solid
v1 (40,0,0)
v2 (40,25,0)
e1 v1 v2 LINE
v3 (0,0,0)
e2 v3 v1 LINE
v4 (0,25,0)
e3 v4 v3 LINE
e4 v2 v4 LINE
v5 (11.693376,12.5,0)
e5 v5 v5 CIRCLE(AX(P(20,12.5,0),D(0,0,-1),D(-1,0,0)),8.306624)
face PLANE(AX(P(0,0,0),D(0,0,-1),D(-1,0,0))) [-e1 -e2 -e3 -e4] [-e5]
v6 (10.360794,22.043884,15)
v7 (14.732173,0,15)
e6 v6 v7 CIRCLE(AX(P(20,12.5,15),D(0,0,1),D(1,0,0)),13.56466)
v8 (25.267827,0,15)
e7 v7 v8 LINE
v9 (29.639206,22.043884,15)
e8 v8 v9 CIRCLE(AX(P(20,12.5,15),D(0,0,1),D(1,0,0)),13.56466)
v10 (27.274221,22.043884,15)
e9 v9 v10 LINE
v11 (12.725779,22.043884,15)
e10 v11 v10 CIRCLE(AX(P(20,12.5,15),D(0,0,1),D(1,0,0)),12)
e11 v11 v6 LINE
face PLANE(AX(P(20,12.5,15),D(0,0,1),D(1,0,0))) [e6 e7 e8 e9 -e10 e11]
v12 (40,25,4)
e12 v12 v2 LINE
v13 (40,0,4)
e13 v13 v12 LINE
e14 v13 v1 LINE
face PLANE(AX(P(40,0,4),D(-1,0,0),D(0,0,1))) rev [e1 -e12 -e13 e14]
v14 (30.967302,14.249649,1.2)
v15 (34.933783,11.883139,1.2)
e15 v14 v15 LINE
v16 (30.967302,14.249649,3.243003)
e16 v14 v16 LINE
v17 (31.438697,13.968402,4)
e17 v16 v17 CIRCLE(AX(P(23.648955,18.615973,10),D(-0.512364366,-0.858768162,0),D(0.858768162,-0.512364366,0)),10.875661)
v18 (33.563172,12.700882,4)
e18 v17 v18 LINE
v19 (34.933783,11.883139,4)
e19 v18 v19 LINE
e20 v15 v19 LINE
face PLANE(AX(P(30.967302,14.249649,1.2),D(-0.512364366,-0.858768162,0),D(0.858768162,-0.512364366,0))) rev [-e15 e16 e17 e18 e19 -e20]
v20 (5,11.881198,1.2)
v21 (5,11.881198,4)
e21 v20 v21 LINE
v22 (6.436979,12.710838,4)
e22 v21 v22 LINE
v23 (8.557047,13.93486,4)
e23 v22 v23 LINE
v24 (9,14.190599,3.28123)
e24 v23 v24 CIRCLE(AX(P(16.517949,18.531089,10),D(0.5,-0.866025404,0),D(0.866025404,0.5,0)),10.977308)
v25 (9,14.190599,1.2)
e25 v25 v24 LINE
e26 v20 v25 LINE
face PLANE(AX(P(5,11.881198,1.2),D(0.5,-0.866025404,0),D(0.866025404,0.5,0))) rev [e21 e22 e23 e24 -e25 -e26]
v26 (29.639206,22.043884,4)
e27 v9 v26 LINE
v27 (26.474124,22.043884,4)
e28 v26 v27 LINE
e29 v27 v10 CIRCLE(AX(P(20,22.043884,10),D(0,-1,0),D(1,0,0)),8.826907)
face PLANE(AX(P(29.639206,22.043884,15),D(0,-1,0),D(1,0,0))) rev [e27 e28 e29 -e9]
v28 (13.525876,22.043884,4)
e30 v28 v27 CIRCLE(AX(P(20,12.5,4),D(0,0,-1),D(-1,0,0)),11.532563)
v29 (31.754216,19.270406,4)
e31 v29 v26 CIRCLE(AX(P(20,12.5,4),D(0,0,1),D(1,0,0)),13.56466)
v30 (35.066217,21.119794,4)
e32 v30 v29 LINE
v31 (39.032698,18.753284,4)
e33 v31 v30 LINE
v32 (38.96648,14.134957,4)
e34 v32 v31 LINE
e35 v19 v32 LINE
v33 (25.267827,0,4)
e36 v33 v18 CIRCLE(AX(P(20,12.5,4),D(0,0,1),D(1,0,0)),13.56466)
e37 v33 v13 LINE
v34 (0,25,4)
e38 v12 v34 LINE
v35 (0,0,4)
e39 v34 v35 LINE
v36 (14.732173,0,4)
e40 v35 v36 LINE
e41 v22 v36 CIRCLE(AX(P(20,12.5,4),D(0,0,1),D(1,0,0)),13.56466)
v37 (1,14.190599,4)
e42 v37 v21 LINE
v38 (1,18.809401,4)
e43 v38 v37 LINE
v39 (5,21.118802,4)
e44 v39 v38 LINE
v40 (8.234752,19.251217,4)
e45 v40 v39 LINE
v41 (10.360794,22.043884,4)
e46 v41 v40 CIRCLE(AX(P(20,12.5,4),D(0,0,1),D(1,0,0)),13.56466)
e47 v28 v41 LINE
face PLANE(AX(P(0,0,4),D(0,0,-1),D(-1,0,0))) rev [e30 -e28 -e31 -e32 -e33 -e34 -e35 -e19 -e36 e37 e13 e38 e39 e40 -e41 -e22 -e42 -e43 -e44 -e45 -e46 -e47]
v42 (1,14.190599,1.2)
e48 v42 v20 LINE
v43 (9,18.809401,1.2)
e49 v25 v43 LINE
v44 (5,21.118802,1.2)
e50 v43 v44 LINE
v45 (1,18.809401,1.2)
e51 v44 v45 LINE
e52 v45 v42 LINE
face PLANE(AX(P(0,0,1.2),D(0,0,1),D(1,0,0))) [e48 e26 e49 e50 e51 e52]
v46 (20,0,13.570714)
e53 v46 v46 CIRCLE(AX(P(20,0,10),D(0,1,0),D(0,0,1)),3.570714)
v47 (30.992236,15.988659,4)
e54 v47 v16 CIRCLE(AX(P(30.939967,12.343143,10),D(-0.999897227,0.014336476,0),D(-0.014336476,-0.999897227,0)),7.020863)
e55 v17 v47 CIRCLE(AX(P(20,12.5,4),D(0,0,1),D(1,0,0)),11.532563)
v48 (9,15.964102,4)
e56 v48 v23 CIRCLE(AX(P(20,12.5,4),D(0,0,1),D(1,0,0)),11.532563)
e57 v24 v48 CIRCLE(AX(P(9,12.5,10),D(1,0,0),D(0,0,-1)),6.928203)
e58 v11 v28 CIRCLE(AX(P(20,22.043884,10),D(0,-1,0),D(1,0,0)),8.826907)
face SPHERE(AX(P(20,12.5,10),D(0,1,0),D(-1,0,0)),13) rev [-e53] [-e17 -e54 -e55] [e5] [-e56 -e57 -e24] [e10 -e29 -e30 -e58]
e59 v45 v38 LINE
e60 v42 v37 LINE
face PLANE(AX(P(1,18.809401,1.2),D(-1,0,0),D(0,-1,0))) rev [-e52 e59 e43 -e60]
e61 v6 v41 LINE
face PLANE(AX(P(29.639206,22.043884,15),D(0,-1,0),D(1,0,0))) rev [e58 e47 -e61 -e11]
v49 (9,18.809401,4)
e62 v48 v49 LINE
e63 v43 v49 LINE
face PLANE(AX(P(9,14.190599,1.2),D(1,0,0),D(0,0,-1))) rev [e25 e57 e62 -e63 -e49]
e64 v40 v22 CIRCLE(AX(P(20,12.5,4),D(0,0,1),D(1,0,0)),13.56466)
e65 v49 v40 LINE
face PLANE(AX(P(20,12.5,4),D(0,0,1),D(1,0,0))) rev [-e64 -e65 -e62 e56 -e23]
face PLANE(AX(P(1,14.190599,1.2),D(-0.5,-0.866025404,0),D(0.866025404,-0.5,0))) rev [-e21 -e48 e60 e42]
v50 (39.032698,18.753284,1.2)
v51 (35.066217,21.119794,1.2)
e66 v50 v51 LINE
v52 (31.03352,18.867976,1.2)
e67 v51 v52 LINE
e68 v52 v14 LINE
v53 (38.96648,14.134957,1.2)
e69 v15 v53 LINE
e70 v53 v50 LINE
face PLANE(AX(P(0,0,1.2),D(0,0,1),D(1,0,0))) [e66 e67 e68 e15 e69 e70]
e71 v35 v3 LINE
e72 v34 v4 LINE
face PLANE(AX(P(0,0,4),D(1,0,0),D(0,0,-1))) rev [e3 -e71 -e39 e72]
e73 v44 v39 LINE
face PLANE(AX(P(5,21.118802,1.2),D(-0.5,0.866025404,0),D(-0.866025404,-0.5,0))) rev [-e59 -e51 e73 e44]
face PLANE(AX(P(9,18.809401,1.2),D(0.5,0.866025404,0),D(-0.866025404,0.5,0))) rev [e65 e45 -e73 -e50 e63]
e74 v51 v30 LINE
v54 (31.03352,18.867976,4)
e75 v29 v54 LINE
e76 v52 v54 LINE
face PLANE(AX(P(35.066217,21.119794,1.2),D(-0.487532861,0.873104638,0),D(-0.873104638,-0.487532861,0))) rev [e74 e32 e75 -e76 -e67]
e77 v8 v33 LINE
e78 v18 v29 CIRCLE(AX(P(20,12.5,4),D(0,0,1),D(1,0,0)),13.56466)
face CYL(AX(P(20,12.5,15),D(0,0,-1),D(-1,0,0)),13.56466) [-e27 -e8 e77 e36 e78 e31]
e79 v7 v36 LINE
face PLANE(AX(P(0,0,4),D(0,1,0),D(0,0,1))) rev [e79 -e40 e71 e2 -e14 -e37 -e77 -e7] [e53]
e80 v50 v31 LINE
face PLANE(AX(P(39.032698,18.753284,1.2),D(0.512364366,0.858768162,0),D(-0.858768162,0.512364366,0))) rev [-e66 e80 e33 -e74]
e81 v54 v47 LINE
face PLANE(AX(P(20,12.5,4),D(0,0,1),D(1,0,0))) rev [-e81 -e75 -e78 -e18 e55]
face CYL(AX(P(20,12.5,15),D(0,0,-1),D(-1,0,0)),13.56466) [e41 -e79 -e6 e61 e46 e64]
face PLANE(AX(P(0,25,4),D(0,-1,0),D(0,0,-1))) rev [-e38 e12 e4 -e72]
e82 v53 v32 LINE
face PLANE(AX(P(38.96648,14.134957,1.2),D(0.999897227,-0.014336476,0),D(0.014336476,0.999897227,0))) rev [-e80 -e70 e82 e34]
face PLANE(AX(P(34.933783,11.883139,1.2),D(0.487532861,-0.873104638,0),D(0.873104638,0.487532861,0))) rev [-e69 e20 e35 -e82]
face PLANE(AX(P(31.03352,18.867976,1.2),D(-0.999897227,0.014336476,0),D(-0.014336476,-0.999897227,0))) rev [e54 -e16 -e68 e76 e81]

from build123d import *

# Parameters (mm, degrees)
CROQUIS1_W              = 40
CROQUIS1_H              = 25
SALIENTE_EXTRUIR2_DEPTH = 4
CORTAR_EXTRUIR1_DEPTH   = 2.8
CROQUIS3_R              = 7
SALIENTE_EXTRUIR3_DEPTH = 11
CROQUIS11_R             = 8.2
CORTAR_EXTRUIR3_DEPTH   = 9


with BuildPart() as part:
    # Croquis1 → Saliente-Extruir2 (new body)
    with BuildSketch(Plane.XY):
        with Locations((20, 12.5)):
            Rectangle(CROQUIS1_W, CROQUIS1_H)
    extrude(amount=SALIENTE_EXTRUIR2_DEPTH)

    # Croquis2 → Cortar-Extruir1 (cut)
    with BuildSketch(Plane.XY.offset(4)):
        Polygon((5, 11.881197846), (9, 14.190598923), (9, 18.809401077), (5, 21.118802154), (1, 18.809401077), (1, 14.190598923), align=None)
        Polygon((30.967302417, 14.249648614), (34.933782653, 11.883138976), (38.966480236, 14.134956805), (39.032697583, 18.753284273), (35.066217347, 21.119793911), (31.033519764, 18.867976082), align=None)
    extrude(amount=-CORTAR_EXTRUIR1_DEPTH, mode=Mode.SUBTRACT)

    # Croquis3 → Saliente-Extruir3 (add)
    with BuildSketch(Plane.XY.offset(4)):
        with BuildLine():
            Line((29.63920565, 22.043883614), (10.36079435, 22.043883614))
            ThreePointArc((10.36079435, 22.043883614), (6.694433275, 9.861459851), (14.732173124, 0))
            Line((14.732173124, 0), (25.267826876, 0))
            ThreePointArc((25.267826876, 0), (33.305566725, 9.861459851), (29.63920565, 22.043883614))
        make_face()
        with Locations((20, 12.5)):
            Circle(CROQUIS3_R, mode=Mode.SUBTRACT)
    extrude(amount=SALIENTE_EXTRUIR3_DEPTH)

    # Croquis8 → Cortar-Revolución3 (revolve, cut)
    with BuildSketch(Plane.XY.offset(10)):
        with BuildLine():
            Line((20, 25.5), (20, -0.5))
            ThreePointArc((20, -0.5), (7, 12.5), (20, 25.5))
        make_face()
    revolve(axis=Axis((20, 25.5, 10), (0, -1, 0)), mode=Mode.SUBTRACT)

    # Croquis11 → Cortar-Extruir3 (cut)
    with BuildSketch(Plane(origin=(0, 0, 0), x_dir=(-1, 0, 0), z_dir=(0, 0, -1))):
        with Locations((-20, 12.5)):
            Circle(CROQUIS11_R)
    extrude(amount=-CORTAR_EXTRUIR3_DEPTH, mode=Mode.SUBTRACT)


solid = part.part
